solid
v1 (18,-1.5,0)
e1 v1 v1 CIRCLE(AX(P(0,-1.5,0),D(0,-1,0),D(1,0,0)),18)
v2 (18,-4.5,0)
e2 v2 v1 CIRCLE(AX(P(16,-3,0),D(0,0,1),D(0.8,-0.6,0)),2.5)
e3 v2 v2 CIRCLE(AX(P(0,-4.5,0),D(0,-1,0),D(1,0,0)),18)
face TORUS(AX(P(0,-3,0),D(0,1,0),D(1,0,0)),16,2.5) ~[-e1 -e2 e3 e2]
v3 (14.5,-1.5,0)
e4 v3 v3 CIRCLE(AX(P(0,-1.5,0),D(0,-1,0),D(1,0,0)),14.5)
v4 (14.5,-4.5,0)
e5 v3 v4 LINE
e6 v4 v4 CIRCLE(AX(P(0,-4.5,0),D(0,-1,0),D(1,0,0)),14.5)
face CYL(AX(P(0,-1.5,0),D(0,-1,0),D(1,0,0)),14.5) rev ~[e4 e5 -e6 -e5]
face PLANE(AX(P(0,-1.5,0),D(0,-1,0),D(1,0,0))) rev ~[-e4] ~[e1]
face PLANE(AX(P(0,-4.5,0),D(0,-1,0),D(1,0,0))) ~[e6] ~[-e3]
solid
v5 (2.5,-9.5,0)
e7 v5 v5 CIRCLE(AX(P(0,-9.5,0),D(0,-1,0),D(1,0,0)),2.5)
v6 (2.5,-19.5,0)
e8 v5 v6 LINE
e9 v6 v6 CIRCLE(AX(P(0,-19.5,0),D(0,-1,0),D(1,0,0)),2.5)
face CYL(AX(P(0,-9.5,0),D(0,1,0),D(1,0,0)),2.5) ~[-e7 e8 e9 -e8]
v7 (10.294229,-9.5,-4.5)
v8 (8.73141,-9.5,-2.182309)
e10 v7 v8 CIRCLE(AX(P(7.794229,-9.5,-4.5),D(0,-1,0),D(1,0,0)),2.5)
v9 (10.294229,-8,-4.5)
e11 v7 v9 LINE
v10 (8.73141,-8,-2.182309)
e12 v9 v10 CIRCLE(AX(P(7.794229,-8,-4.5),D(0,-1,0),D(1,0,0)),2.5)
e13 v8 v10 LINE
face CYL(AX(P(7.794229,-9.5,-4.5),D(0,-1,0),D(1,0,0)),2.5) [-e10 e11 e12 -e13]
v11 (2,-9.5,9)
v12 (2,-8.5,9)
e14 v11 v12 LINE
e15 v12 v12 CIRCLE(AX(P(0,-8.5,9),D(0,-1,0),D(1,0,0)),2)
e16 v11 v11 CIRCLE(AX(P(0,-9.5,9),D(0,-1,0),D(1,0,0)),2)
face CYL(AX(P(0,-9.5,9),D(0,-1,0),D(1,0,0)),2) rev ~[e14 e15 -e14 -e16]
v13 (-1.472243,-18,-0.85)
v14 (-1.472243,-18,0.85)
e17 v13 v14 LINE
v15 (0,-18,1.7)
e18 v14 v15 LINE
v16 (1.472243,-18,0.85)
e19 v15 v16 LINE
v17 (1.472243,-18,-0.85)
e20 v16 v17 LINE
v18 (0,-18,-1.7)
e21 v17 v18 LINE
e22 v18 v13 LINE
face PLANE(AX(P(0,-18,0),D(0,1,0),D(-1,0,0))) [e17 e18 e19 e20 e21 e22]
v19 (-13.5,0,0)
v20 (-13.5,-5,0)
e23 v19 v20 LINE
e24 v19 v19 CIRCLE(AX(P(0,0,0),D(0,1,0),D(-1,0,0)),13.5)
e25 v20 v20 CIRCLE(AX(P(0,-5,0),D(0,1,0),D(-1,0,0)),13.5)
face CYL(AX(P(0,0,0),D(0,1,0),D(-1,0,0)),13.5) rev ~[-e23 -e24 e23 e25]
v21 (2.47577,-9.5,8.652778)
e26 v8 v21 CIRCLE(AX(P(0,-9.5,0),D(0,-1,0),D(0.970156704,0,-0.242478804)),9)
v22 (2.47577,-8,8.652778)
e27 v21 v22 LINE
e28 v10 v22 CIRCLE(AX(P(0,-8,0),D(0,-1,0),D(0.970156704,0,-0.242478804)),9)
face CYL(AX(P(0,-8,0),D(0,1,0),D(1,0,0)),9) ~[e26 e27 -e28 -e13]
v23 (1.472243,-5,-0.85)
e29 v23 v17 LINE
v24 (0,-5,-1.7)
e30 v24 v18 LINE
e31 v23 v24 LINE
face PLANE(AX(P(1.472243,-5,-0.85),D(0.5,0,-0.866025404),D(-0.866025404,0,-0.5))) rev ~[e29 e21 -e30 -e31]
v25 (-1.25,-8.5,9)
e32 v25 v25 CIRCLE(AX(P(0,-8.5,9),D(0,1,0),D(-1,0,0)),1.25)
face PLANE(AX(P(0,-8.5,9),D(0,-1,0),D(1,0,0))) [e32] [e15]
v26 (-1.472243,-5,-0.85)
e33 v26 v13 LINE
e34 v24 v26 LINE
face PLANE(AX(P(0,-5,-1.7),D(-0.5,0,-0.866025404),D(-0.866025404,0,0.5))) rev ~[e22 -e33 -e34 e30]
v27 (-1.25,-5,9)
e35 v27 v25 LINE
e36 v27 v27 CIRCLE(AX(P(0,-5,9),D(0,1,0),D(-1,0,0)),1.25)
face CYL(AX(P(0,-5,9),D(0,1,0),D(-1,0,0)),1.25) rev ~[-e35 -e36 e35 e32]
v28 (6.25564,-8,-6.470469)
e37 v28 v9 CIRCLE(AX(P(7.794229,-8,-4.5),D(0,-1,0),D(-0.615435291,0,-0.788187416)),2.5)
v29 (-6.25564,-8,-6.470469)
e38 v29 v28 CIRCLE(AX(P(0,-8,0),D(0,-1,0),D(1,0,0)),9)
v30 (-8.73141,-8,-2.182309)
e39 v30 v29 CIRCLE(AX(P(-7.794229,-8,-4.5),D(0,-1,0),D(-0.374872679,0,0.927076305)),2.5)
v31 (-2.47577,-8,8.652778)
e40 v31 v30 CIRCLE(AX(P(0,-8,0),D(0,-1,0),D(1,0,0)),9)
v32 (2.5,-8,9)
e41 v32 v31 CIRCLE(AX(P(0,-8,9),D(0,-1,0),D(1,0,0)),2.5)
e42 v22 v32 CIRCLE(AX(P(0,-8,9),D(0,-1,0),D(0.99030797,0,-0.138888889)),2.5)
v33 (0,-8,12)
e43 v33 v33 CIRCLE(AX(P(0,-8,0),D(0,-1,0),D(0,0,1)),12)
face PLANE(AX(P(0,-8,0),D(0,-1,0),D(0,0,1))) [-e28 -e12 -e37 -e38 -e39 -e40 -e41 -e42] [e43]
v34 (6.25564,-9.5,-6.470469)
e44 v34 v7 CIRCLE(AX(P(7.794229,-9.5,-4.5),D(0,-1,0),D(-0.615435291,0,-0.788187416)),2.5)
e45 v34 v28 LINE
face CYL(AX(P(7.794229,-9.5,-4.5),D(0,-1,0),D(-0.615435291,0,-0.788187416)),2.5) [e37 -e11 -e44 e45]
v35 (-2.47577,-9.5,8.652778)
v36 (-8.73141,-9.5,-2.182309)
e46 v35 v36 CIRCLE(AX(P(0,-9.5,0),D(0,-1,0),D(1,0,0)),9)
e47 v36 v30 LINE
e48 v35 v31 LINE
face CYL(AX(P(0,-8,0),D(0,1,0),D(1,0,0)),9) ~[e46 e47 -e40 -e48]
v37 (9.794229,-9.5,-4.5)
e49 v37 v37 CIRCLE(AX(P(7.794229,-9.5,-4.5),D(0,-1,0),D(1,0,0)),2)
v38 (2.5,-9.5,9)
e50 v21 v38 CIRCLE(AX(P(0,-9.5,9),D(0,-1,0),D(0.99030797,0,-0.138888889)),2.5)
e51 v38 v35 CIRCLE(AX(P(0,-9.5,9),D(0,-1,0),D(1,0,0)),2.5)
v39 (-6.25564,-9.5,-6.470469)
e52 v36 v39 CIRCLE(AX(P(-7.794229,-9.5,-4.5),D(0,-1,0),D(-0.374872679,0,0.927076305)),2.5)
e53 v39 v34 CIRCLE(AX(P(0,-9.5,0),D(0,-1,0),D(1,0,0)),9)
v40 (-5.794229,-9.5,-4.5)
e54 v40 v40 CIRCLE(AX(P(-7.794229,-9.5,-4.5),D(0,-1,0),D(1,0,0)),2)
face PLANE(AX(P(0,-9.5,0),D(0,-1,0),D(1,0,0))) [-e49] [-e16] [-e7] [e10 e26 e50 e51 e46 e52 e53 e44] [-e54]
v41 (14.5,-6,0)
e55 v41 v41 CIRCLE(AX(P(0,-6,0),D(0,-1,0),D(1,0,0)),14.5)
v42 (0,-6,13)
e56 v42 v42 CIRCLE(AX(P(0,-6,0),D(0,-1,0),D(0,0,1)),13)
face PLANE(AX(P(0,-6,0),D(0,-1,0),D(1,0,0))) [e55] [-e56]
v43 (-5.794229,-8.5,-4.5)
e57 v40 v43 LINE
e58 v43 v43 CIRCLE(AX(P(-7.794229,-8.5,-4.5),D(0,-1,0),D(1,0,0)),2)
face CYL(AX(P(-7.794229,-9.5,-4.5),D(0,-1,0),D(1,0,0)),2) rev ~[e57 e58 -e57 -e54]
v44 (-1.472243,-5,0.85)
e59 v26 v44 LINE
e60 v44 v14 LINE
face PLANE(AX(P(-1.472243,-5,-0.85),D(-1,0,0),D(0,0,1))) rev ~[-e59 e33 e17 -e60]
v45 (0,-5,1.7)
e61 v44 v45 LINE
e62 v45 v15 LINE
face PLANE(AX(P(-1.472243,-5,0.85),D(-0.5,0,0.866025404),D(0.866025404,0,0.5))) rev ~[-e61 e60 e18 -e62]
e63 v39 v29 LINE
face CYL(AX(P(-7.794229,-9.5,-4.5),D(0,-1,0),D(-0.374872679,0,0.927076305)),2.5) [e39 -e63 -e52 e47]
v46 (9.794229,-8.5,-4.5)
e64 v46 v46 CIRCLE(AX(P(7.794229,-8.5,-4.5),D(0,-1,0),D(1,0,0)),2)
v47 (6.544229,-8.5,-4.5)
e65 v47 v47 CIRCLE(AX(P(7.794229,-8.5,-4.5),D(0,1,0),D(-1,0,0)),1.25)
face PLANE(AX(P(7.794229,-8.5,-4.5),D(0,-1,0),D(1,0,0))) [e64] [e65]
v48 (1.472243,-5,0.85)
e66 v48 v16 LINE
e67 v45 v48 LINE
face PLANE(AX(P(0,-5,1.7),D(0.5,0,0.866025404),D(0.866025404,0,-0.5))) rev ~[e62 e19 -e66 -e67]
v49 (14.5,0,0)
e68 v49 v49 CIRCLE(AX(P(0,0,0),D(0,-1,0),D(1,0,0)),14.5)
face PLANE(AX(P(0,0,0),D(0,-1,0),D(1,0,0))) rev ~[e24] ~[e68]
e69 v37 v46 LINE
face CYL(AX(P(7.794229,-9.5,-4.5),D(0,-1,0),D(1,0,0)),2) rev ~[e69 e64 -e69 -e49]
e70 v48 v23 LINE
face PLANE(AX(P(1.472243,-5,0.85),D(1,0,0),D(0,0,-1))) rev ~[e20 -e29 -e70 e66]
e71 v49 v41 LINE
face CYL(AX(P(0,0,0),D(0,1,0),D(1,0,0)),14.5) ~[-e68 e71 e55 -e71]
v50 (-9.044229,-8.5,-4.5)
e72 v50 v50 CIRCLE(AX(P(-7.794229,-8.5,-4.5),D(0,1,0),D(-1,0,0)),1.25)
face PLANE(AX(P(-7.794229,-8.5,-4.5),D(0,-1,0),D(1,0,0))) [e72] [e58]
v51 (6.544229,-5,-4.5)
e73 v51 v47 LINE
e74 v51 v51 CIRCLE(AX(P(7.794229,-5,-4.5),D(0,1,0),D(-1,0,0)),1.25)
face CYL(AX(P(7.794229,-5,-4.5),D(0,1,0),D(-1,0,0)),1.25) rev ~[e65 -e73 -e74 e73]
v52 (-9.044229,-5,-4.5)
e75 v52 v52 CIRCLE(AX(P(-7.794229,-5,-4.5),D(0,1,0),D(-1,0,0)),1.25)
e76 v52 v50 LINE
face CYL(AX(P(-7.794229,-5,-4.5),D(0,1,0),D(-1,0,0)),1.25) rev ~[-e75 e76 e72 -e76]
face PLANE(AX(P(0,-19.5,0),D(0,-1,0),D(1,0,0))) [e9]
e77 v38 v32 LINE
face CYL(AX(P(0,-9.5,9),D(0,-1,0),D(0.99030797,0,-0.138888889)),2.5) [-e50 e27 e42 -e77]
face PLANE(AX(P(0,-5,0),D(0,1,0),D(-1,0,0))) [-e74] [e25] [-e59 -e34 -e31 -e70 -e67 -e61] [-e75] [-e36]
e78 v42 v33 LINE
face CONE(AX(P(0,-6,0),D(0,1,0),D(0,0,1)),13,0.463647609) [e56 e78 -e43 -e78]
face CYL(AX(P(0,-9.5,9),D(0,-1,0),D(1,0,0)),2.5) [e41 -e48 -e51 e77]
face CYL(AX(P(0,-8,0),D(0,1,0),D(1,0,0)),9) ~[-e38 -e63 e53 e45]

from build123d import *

# Parameters (mm, degrees)
F0_R      = 14.5
F1_DEPTH  = 6
F4_R      = 9
F5_DEPTH  = 1.5
F6_R      = 2.5
F7_DEPTH  = 10
F9_DEPTH  = 9
F10_R     = 13.5
F11_DEPTH = 5
F13_DEPTH = 13
F18_R     = 1.25
F19_DEPTH = 4.5
F16_R     = 2
F20_DEPTH = 1


with BuildPart() as f1:
    # F0 (on Front) → F1 (new body)
    with BuildSketch(Plane.XZ):
        Circle(F0_R)
    extrude(amount=F1_DEPTH)

    # F2 (on Right) → F3 (revolve)
    with BuildSketch(Plane.YZ):
        Polygon((-8, 0), (-6, 0), (-6, 13), (-8, 12), align=None)
    revolve(axis=Axis((0, -7, 0), (0, -1, 0)))

    # F4 (on face) → F5 (join)
    with BuildSketch(Plane.XZ.offset(8)):
        Circle(F4_R)
    extrude(amount=F5_DEPTH)

    # F6 (on face) → F7 (join)
    with BuildSketch(Plane.XZ.offset(9.5)):
        Circle(F6_R)
    extrude(amount=F7_DEPTH)

    # F8 (on face) → F9 (join)
    with BuildSketch(Plane.XZ.offset(9.5)):
        with BuildLine():
            ThreePointArc((8.731410332, -2.1823092387), (7.6201953269, -2.0060648749), (6.5442286341, -2.3349364905))
            Line((6.5442286341, -2.3349364905), (7.7942286341, -4.5))
            ThreePointArc((7.7942286341, -4.5), (8.3436867406, -3.3738541128), (8.731410332, -2.1823092387))
        make_face()
        with BuildLine():
            ThreePointArc((8.731410332, -2.1823092387), (8.3436867406, -3.3738541128), (7.7942286341, -4.5))
            ThreePointArc((7.7942286341, -4.5), (7.0936867406, -5.5389176222), (6.2556404057, -6.4704685391))
            ThreePointArc((6.2556404057, -6.4704685391), (8.8904789314, -6.7468278273), (10.2942286341, -4.5))
            ThreePointArc((10.2942286341, -4.5), (9.8670231541, -3.1023151723), (8.731410332, -2.1823092387))
        make_face()
        with BuildLine():
            ThreePointArc((6.2556404057, -6.4704685391), (7.0936867406, -5.5389176222), (7.7942286341, -4.5))
            Line((7.7942286341, -4.5), (5.2942286341, -4.5))
            ThreePointArc((5.2942286341, -4.5), (5.5474008068, -5.5962502974), (6.2556404057, -6.4704685391))
        make_face()
        with BuildLine():
            Line((7.7942286341, -4.5), (6.5442286341, -2.3349364905))
            ThreePointArc((6.5442286341, -2.3349364905), (5.6291651246, -3.25), (5.2942286341, -4.5))
            Line((5.2942286341, -4.5), (7.7942286341, -4.5))
        make_face()
        with BuildLine():
            ThreePointArc((-5.2942286341, -4.5), (-5.6291651246, -3.25), (-6.5442286341, -2.3349364905))
            Line((-6.5442286341, -2.3349364905), (-7.7942286341, -4.5))
            Line((-7.7942286341, -4.5), (-5.2942286341, -4.5))
        make_face()
        with BuildLine():
            Line((-7.7942286341, -4.5), (-6.5442286341, -2.3349364905))
            ThreePointArc((-6.5442286341, -2.3349364905), (-7.6201953269, -2.0060648749), (-8.731410332, -2.1823092387))
            ThreePointArc((-8.731410332, -2.1823092387), (-8.3436867406, -3.3738541128), (-7.7942286341, -4.5))
        make_face()
        with BuildLine():
            ThreePointArc((-7.7942286341, -4.5), (-8.3436867406, -3.3738541128), (-8.731410332, -2.1823092387))
            ThreePointArc((-8.731410332, -2.1823092387), (-9.9592921435, -5.75), (-6.2556404057, -6.4704685391))
            ThreePointArc((-6.2556404057, -6.4704685391), (-7.0936867406, -5.5389176222), (-7.7942286341, -4.5))
        make_face()
        with BuildLine():
            Line((-5.2942286341, -4.5), (-7.7942286341, -4.5))
            ThreePointArc((-7.7942286341, -4.5), (-7.0936867406, -5.5389176222), (-6.2556404057, -6.4704685391))
            ThreePointArc((-6.2556404057, -6.4704685391), (-5.5474008068, -5.5962502974), (-5.2942286341, -4.5))
        make_face()
        with BuildLine():
            Line((-1.25, 6.8349364905), (0, 9))
            ThreePointArc((0, 9), (-1.25, 8.912771735), (-2.4757699264, 8.6527777778))
            ThreePointArc((-2.4757699264, 8.6527777778), (-2.0727945201, 7.6023151723), (-1.25, 6.8349364905))
        make_face()
        with BuildLine():
            Line((1.25, 6.8349364905), (0, 9))
            Line((0, 9), (-1.25, 6.8349364905))
            ThreePointArc((-1.25, 6.8349364905), (0, 6.5), (1.25, 6.8349364905))
        make_face()
        with BuildLine():
            ThreePointArc((2.4757699264, 8.6527777778), (1.25, 8.912771735), (0, 9))
            Line((0, 9), (1.25, 6.8349364905))
            ThreePointArc((1.25, 6.8349364905), (2.0727945201, 7.6023151723), (2.4757699264, 8.6527777778))
        make_face()
        with BuildLine():
            ThreePointArc((-2.4757699264, 8.6527777778), (-1.25, 8.912771735), (0, 9))
            ThreePointArc((0, 9), (1.25, 8.912771735), (2.4757699264, 8.6527777778))
            ThreePointArc((2.4757699264, 8.6527777778), (2.4939351251, 8.8259666928), (2.5, 9))
            ThreePointArc((2.5, 9), (-0.1740333072, 11.4939351251), (-2.4757699264, 8.6527777778))
        make_face()
    extrude(amount=-F9_DEPTH)

    # F10 (on face) → F11 (cut)
    with BuildSketch(Plane(origin=(0, 0, 0), x_dir=(-1, 0, 0), z_dir=(0, 1, 0))):
        Circle(F10_R)
    extrude(amount=-F11_DEPTH, mode=Mode.SUBTRACT)

    # F12 (on face) → F13 (cut)
    with BuildSketch(Plane(origin=(0, -5, 0), x_dir=(-1, 0, 0), z_dir=(0, 1, 0))):
        Polygon((1.4722431864, 0.85), (0, 1.7), (-1.4722431864, 0.85), (-1.4722431864, -0.85), (0, -1.7), (1.4722431864, -0.85), align=None)
    extrude(amount=-F13_DEPTH, mode=Mode.SUBTRACT)

    # F18 (on face) → F19 (cut)
    with BuildSketch(Plane(origin=(0, -5, 0), x_dir=(-1, 0, 0), z_dir=(0, 1, 0))):
        with Locations((7.7942286341, -4.5)):
            Circle(F18_R)
        with Locations((0, 9)):
            Circle(F18_R)
        with Locations((-7.7942286341, -4.5)):
            Circle(F18_R)
    extrude(amount=-F19_DEPTH, mode=Mode.SUBTRACT)

    # F16 (on face) → F20 (cut)
    with BuildSketch(Plane.XZ.offset(9.5)):
        with Locations((-7.7942286341, -4.5)):
            Circle(F16_R)
        with Locations((7.7942286341, -4.5)):
            Circle(F16_R)
        with Locations((0, 9)):
            Circle(F16_R)
    extrude(amount=-F20_DEPTH, mode=Mode.SUBTRACT)


with BuildPart() as f15:
    # F14 (on Top) → F15 (revolve)
    with BuildSketch(Plane.XY):
        with BuildLine():
            Line((14.5, -1.5), (14.5, -3))
            Line((14.5, -3), (14.5, -4.5))
            Line((14.5, -4.5), (18, -4.5))
            ThreePointArc((18, -4.5), (18.5, -3), (18, -1.5))
            Line((18, -1.5), (14.5, -1.5))
        make_face()
    revolve(axis=Axis((0, -3, 0), (0, -1, 0)))


solid = Compound([f1.part, f15.part])
